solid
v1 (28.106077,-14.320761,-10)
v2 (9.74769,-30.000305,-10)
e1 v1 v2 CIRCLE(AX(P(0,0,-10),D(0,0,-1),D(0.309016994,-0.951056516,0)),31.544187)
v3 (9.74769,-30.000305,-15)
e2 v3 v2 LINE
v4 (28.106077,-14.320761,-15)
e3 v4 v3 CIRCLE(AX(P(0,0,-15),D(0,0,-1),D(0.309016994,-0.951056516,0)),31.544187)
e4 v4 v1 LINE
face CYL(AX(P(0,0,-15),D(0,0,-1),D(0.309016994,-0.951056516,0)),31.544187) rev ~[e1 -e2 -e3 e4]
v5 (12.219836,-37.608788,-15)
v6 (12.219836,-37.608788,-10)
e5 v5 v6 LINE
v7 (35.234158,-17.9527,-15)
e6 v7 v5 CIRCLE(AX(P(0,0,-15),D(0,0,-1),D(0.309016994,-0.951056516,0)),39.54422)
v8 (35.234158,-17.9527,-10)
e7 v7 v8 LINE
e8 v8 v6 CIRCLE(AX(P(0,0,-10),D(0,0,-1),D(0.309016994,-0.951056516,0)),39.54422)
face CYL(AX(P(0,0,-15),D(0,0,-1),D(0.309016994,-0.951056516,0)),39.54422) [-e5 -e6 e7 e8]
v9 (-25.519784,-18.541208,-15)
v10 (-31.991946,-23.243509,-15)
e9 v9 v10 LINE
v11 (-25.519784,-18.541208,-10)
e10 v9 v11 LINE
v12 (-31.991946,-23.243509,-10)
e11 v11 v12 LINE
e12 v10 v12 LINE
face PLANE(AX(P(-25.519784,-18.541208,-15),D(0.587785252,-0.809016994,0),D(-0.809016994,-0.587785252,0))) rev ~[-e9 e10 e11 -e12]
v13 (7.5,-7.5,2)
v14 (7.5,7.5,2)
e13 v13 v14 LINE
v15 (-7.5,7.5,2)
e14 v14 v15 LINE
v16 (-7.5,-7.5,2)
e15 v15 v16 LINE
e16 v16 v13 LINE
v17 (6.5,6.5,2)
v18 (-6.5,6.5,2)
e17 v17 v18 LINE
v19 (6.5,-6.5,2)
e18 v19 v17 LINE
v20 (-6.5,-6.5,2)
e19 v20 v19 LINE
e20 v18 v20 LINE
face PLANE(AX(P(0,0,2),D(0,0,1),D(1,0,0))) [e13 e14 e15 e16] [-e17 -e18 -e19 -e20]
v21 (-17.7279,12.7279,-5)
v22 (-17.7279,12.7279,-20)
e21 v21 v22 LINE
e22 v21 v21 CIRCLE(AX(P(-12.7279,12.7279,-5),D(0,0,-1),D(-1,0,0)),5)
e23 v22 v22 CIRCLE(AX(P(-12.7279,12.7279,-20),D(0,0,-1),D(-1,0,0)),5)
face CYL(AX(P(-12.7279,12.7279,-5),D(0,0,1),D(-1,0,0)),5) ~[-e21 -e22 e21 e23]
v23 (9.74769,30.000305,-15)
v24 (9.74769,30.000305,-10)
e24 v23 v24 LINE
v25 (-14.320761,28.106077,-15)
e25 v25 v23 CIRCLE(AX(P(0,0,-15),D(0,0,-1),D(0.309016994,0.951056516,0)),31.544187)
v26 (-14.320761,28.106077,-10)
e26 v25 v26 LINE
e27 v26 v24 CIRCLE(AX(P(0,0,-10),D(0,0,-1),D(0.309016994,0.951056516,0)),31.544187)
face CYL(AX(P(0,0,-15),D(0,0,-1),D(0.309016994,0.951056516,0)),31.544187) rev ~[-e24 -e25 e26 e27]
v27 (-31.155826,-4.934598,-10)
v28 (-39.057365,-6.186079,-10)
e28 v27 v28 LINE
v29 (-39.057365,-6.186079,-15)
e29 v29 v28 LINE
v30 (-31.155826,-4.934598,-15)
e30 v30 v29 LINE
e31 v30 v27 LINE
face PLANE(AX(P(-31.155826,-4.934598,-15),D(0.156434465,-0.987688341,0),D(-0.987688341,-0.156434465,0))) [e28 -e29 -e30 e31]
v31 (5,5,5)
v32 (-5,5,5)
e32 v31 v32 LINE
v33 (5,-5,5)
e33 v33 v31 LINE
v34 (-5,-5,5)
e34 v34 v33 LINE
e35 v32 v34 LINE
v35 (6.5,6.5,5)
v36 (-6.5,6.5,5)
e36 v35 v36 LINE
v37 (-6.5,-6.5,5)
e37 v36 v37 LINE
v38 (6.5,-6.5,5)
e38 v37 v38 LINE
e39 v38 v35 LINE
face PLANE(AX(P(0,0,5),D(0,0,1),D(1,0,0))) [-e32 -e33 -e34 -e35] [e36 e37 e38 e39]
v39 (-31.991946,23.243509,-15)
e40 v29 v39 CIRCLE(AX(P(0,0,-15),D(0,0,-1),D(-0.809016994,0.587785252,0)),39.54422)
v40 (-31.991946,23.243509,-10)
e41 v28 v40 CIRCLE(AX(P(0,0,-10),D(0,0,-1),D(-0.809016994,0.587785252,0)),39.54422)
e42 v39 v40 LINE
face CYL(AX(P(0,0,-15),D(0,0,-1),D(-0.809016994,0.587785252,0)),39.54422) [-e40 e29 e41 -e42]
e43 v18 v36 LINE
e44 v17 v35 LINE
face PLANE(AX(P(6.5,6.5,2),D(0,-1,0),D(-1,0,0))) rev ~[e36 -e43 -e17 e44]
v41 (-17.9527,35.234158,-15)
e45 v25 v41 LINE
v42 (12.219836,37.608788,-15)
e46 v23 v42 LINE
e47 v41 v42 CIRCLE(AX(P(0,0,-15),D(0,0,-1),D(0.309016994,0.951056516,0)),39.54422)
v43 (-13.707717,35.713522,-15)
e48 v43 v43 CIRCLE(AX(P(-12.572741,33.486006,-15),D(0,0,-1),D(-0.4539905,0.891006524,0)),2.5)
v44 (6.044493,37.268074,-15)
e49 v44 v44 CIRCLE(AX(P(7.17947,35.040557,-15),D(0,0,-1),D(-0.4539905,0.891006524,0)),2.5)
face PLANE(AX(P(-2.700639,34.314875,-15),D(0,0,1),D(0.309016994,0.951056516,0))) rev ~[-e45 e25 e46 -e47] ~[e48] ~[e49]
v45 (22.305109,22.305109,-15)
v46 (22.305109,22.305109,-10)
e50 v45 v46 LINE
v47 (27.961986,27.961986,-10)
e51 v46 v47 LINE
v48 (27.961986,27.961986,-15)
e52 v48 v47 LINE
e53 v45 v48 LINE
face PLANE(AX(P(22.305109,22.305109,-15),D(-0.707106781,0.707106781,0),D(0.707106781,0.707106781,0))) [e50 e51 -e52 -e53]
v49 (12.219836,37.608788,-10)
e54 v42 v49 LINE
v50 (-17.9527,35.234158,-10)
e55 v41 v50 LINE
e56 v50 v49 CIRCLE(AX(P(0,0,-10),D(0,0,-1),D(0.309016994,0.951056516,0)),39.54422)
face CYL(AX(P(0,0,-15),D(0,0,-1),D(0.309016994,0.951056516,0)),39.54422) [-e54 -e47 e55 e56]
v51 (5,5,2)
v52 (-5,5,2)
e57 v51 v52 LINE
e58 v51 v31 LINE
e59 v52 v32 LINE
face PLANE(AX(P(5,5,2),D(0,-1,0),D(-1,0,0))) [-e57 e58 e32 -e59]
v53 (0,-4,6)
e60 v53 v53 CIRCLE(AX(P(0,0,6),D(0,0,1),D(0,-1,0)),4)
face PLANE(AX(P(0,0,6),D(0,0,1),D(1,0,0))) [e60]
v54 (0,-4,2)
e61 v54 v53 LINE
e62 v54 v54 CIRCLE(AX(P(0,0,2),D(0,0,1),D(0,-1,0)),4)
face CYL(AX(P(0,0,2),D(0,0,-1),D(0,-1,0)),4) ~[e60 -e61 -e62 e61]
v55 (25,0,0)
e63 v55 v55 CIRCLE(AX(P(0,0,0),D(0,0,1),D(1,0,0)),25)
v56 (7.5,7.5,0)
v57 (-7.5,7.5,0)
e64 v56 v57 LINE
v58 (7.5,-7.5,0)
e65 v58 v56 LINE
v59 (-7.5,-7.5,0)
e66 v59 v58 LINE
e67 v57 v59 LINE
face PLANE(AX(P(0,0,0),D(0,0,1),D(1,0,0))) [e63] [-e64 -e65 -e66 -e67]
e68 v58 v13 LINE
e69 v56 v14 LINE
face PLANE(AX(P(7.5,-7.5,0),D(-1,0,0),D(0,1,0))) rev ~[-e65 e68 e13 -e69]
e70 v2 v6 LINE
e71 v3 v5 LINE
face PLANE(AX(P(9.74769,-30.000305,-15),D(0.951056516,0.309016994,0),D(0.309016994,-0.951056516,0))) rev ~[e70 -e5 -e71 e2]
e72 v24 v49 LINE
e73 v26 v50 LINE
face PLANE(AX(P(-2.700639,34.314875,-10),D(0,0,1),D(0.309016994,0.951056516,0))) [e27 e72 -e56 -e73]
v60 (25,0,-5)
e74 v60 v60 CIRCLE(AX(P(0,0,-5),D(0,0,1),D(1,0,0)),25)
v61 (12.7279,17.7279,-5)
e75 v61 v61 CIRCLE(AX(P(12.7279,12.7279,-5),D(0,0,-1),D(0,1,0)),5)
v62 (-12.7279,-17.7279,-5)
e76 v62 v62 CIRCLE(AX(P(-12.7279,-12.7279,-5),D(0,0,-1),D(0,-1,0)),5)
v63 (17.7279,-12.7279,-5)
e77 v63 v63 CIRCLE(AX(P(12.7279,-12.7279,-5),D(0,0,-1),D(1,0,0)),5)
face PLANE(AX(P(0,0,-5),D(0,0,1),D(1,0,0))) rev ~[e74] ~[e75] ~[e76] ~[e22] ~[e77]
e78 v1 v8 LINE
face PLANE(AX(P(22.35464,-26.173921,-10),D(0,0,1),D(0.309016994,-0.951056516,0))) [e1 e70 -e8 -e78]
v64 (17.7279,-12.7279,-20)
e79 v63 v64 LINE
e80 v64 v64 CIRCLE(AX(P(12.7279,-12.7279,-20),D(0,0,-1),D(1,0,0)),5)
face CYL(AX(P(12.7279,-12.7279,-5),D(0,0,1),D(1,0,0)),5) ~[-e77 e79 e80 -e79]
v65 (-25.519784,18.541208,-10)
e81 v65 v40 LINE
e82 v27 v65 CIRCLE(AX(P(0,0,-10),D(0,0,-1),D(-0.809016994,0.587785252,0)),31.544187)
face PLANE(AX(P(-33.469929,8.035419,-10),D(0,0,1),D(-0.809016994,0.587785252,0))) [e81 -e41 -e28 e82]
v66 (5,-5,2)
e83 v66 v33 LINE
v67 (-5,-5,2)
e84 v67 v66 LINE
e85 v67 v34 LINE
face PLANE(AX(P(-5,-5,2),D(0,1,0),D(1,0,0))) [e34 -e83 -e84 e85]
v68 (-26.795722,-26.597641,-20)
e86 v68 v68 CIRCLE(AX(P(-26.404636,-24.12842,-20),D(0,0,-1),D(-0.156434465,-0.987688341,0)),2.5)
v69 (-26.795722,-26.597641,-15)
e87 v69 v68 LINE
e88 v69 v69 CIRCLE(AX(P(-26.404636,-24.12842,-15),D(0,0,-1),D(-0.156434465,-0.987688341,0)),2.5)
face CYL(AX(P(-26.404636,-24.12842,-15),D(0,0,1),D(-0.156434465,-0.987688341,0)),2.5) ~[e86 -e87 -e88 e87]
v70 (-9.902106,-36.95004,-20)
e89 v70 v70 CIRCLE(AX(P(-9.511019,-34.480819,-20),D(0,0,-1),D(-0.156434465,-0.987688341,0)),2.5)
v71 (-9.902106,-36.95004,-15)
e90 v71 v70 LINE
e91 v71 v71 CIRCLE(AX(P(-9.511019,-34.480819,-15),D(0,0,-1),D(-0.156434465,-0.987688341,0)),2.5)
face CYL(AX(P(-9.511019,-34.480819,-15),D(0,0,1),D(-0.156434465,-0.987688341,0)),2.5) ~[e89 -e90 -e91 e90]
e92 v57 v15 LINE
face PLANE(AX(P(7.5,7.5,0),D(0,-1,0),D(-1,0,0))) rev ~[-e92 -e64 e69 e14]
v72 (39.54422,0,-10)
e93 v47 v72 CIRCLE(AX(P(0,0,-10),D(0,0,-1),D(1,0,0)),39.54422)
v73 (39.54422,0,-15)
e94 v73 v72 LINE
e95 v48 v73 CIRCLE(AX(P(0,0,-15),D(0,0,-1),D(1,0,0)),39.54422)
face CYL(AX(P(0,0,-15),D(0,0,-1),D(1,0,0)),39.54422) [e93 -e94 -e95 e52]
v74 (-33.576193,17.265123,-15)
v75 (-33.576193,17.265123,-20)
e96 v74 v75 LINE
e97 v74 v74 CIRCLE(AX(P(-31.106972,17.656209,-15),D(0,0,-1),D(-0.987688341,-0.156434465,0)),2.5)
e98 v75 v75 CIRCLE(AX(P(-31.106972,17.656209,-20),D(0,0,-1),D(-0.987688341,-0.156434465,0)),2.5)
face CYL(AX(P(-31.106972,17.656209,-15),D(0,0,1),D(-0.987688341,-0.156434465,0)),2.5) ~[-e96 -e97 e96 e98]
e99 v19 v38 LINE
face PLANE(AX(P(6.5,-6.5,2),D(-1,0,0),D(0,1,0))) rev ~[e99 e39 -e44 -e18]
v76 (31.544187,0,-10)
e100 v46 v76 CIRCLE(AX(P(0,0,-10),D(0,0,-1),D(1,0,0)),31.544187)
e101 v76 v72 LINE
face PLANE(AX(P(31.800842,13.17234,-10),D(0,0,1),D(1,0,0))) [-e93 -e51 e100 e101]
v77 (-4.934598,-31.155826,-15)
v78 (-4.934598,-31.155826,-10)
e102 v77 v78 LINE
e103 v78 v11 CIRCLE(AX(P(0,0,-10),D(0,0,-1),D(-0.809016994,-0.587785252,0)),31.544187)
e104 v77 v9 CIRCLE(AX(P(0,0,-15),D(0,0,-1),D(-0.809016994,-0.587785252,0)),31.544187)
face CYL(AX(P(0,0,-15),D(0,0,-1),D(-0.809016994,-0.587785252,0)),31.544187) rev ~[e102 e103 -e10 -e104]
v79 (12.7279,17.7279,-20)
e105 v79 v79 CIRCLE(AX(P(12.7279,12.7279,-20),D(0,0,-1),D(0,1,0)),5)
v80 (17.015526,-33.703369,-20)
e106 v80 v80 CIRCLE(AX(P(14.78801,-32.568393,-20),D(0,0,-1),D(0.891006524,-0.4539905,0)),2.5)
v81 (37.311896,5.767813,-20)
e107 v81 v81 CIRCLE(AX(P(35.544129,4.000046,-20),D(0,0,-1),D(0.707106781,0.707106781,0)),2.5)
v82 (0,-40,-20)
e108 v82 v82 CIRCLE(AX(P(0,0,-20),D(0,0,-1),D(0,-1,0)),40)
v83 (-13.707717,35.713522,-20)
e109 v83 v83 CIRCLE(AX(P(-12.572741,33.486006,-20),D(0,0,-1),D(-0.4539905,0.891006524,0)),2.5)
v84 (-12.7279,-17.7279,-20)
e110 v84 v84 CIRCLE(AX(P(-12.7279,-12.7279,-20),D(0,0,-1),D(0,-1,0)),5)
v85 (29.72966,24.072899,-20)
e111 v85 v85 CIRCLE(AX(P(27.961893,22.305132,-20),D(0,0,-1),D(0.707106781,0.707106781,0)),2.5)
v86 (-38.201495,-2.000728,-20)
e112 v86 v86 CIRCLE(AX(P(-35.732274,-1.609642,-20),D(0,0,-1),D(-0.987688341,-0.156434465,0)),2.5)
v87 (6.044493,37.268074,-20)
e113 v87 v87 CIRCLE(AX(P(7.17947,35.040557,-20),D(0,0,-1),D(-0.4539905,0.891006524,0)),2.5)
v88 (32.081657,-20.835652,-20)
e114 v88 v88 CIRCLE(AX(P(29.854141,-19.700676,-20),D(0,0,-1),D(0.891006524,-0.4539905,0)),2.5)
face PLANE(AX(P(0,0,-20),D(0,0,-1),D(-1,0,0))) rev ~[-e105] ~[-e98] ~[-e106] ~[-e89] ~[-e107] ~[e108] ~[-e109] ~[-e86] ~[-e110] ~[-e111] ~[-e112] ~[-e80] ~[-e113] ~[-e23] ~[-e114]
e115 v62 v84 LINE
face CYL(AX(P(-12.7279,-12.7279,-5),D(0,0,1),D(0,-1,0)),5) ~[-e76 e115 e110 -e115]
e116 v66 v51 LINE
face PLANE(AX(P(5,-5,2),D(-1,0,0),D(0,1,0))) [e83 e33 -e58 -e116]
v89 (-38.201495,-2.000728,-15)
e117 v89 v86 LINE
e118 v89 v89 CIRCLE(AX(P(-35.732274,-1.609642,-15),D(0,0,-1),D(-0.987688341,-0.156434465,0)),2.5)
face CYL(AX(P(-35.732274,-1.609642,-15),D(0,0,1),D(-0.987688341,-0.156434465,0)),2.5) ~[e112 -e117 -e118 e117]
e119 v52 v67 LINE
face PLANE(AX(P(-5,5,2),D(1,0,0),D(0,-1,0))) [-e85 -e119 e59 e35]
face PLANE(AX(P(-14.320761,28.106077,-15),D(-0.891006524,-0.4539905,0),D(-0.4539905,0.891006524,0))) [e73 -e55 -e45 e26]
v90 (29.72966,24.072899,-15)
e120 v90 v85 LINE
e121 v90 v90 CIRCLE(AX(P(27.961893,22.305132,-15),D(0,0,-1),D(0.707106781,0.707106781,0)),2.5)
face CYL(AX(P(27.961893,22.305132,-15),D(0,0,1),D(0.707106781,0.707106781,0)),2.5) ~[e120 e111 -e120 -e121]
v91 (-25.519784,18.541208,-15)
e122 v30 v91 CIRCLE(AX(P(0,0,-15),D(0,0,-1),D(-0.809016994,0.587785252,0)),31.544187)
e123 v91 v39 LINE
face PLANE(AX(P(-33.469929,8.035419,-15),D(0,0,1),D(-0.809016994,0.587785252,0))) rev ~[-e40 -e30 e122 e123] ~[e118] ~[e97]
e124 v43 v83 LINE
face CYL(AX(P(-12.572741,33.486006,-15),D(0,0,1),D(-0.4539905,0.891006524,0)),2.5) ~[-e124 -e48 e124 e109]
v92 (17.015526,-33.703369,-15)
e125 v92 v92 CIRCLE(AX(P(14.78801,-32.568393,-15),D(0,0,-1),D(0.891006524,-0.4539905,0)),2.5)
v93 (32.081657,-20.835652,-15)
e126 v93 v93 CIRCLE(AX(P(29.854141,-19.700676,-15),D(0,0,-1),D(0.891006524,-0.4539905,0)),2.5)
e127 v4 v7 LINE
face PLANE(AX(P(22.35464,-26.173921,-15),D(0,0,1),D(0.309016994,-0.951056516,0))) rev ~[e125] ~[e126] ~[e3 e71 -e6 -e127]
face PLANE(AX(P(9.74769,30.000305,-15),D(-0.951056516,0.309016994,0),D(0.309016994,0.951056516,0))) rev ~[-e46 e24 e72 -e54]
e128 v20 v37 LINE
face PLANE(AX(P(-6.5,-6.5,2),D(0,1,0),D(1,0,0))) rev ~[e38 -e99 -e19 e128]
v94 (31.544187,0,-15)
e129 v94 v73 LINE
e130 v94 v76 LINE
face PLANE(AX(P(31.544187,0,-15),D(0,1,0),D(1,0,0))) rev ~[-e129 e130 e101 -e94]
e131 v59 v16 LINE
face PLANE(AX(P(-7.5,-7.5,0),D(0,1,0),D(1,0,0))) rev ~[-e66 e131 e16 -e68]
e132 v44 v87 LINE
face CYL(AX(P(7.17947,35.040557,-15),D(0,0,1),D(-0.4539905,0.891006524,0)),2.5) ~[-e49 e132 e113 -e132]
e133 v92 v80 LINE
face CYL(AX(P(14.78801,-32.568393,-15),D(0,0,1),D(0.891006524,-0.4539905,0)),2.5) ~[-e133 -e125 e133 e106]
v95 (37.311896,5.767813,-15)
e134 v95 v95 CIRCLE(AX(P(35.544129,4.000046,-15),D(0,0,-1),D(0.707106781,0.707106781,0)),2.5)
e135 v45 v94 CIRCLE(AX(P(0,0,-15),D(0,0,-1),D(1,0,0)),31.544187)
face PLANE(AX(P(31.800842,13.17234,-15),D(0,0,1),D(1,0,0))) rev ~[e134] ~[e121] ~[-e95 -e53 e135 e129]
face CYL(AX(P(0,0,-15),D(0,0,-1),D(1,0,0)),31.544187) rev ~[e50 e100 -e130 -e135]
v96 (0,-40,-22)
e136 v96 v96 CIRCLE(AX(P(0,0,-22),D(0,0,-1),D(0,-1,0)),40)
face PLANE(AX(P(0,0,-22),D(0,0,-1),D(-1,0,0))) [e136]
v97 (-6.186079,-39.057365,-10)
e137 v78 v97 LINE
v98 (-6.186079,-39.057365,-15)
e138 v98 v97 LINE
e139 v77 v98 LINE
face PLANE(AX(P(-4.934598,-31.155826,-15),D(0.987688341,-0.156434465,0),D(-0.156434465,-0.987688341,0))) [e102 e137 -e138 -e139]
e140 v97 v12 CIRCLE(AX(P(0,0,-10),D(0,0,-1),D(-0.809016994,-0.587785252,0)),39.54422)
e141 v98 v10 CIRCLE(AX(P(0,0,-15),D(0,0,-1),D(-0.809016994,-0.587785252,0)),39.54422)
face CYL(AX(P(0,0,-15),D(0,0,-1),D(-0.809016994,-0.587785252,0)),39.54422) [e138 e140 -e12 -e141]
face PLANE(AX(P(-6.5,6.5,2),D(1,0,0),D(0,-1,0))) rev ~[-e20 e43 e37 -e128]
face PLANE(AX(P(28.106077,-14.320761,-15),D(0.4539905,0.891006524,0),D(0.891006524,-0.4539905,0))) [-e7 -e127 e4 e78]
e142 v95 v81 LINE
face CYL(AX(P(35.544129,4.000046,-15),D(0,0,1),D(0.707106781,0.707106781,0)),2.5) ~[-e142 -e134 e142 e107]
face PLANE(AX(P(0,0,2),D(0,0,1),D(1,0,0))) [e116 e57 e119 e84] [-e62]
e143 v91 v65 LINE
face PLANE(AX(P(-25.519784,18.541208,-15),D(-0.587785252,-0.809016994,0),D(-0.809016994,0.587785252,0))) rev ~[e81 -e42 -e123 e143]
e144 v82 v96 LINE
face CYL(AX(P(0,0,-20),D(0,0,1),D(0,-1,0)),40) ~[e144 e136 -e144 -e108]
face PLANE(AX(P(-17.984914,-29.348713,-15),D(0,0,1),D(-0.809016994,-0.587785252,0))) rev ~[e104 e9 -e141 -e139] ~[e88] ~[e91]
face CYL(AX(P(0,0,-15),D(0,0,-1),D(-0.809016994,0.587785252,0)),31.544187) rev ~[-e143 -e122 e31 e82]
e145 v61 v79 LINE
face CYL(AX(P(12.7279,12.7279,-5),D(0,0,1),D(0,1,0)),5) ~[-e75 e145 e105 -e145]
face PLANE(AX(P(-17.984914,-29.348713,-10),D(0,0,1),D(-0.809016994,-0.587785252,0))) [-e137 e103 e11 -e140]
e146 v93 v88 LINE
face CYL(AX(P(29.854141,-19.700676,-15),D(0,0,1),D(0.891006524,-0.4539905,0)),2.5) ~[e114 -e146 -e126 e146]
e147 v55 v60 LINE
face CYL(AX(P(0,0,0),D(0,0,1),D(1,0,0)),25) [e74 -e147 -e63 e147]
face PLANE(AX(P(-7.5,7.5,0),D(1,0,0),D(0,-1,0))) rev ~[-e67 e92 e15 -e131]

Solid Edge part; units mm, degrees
sketch "Sketch1" plane through (0, 0, 0) normal (0, 0, 1) x (1, 0, 0)
  circle A0 centre (0, 0) radius 25
extrude "Protrusion1" add sketch "Sketch1" against normal blind 5
sketch "Sketch2" plane through (0, 0, -5) normal (0, 0, -1) x (0, 1, 0)
  circle A0 centre (12.7279, 12.7279) radius 5
extrude "Legs_of_Table_Protrusion" add sketch "Sketch2" along normal blind 15
pattern_circular "Pattern1" count 4 over 360 about axis through (0, 0, 0) along (0, 0, 1) of "Legs_of_Table_Protrusion"
sketch "Sketch3" plane through (0, 0, -15) normal (0, 0, 1) x (1, 0, 0)
  line L0 (31.5442, 0) -> (39.5442, 0)
  arc A0 (22.3051, 22.3051) -> (31.5442, 0) centre (0, 0) cw
  line L1 (22.3051, 22.3051) -> (27.962, 27.962)
  arc A1 (27.962, 27.962) -> (39.5442, 0) centre (0, 0) cw
  dimension "D1" = 8
extrude "Seat_Protrusion" add sketch "Sketch3" along normal blind 5
sketch "Sketch4" plane through (30.9246, 13.981, -15) normal (0, 0, -1) x (0.7071, 0.7071, 0)
  circle A0 centre (-3.7911, 10.3241) radius 2.5
extrude "Protrusion2" add sketch "Sketch4" along normal up to vertex (5 mm away)
sketch "Sketch5" plane through (30.9246, 13.981, -15) normal (0, 0, -1) x (0.7071, 0.7071, 0)
  circle A0 centre (3.7911, -7.981) radius 2.5
extrude "Protrusion3" add sketch "Sketch5" along normal up to vertex (5 mm away)
pattern_circular "Pattern3" count 5 over 360 about axis through (0, 0, 0) along (0, 0, -1) of "Seat_Protrusion", "Protrusion2", "Protrusion3"
sketch "Sketch6" plane through (0, 0, 0) normal (0, 0, 1) x (1, 0, 0)
  line L0 (7.5, -7.5) -> (7.5, 7.5)
  line L1 (7.5, 7.5) -> (-7.5, 7.5)
  line L2 (-7.5, 7.5) -> (-7.5, -7.5)
  line L3 (-7.5, -7.5) -> (7.5, -7.5)
extrude "Button_Base_1" add sketch "Sketch6" along normal blind 2
sketch "Sketch7" plane through (0, 0, 2) normal (0, 0, 1) x (1, 0, 0)
  line L0 (-6.5, 6.5) -> (-6.5, -6.5)
  line L1 (-6.5, -6.5) -> (6.5, -6.5)
  line L2 (6.5, -6.5) -> (6.5, 6.5)
  line L3 (6.5, 6.5) -> (-6.5, 6.5)
  line L4 (-5, 5) -> (-5, -5)
  line L5 (-5, -5) -> (5, -5)
  line L6 (5, -5) -> (5, 5)
  line L7 (5, 5) -> (-5, 5)
extrude "Button_Base_2" add sketch "Sketch7" along normal blind 3
sketch "Sketch8" plane through (0, 0, 2) normal (0, 0, 1) x (0, -1, 0)
  circle A0 centre (0, 0) radius 4
extrude "Emergency_Button_Protrusion" add sketch "Sketch8" along normal blind 4
sketch "Sketch9" plane through (-35.7323, -1.6096, -20) normal (0, 0, -1) x (0, -1, 0)
  circle A0 centre (-1.6096, -35.7323) radius 40
extrude "Base_Protrusion" add sketch "Sketch9" along normal blind 2
